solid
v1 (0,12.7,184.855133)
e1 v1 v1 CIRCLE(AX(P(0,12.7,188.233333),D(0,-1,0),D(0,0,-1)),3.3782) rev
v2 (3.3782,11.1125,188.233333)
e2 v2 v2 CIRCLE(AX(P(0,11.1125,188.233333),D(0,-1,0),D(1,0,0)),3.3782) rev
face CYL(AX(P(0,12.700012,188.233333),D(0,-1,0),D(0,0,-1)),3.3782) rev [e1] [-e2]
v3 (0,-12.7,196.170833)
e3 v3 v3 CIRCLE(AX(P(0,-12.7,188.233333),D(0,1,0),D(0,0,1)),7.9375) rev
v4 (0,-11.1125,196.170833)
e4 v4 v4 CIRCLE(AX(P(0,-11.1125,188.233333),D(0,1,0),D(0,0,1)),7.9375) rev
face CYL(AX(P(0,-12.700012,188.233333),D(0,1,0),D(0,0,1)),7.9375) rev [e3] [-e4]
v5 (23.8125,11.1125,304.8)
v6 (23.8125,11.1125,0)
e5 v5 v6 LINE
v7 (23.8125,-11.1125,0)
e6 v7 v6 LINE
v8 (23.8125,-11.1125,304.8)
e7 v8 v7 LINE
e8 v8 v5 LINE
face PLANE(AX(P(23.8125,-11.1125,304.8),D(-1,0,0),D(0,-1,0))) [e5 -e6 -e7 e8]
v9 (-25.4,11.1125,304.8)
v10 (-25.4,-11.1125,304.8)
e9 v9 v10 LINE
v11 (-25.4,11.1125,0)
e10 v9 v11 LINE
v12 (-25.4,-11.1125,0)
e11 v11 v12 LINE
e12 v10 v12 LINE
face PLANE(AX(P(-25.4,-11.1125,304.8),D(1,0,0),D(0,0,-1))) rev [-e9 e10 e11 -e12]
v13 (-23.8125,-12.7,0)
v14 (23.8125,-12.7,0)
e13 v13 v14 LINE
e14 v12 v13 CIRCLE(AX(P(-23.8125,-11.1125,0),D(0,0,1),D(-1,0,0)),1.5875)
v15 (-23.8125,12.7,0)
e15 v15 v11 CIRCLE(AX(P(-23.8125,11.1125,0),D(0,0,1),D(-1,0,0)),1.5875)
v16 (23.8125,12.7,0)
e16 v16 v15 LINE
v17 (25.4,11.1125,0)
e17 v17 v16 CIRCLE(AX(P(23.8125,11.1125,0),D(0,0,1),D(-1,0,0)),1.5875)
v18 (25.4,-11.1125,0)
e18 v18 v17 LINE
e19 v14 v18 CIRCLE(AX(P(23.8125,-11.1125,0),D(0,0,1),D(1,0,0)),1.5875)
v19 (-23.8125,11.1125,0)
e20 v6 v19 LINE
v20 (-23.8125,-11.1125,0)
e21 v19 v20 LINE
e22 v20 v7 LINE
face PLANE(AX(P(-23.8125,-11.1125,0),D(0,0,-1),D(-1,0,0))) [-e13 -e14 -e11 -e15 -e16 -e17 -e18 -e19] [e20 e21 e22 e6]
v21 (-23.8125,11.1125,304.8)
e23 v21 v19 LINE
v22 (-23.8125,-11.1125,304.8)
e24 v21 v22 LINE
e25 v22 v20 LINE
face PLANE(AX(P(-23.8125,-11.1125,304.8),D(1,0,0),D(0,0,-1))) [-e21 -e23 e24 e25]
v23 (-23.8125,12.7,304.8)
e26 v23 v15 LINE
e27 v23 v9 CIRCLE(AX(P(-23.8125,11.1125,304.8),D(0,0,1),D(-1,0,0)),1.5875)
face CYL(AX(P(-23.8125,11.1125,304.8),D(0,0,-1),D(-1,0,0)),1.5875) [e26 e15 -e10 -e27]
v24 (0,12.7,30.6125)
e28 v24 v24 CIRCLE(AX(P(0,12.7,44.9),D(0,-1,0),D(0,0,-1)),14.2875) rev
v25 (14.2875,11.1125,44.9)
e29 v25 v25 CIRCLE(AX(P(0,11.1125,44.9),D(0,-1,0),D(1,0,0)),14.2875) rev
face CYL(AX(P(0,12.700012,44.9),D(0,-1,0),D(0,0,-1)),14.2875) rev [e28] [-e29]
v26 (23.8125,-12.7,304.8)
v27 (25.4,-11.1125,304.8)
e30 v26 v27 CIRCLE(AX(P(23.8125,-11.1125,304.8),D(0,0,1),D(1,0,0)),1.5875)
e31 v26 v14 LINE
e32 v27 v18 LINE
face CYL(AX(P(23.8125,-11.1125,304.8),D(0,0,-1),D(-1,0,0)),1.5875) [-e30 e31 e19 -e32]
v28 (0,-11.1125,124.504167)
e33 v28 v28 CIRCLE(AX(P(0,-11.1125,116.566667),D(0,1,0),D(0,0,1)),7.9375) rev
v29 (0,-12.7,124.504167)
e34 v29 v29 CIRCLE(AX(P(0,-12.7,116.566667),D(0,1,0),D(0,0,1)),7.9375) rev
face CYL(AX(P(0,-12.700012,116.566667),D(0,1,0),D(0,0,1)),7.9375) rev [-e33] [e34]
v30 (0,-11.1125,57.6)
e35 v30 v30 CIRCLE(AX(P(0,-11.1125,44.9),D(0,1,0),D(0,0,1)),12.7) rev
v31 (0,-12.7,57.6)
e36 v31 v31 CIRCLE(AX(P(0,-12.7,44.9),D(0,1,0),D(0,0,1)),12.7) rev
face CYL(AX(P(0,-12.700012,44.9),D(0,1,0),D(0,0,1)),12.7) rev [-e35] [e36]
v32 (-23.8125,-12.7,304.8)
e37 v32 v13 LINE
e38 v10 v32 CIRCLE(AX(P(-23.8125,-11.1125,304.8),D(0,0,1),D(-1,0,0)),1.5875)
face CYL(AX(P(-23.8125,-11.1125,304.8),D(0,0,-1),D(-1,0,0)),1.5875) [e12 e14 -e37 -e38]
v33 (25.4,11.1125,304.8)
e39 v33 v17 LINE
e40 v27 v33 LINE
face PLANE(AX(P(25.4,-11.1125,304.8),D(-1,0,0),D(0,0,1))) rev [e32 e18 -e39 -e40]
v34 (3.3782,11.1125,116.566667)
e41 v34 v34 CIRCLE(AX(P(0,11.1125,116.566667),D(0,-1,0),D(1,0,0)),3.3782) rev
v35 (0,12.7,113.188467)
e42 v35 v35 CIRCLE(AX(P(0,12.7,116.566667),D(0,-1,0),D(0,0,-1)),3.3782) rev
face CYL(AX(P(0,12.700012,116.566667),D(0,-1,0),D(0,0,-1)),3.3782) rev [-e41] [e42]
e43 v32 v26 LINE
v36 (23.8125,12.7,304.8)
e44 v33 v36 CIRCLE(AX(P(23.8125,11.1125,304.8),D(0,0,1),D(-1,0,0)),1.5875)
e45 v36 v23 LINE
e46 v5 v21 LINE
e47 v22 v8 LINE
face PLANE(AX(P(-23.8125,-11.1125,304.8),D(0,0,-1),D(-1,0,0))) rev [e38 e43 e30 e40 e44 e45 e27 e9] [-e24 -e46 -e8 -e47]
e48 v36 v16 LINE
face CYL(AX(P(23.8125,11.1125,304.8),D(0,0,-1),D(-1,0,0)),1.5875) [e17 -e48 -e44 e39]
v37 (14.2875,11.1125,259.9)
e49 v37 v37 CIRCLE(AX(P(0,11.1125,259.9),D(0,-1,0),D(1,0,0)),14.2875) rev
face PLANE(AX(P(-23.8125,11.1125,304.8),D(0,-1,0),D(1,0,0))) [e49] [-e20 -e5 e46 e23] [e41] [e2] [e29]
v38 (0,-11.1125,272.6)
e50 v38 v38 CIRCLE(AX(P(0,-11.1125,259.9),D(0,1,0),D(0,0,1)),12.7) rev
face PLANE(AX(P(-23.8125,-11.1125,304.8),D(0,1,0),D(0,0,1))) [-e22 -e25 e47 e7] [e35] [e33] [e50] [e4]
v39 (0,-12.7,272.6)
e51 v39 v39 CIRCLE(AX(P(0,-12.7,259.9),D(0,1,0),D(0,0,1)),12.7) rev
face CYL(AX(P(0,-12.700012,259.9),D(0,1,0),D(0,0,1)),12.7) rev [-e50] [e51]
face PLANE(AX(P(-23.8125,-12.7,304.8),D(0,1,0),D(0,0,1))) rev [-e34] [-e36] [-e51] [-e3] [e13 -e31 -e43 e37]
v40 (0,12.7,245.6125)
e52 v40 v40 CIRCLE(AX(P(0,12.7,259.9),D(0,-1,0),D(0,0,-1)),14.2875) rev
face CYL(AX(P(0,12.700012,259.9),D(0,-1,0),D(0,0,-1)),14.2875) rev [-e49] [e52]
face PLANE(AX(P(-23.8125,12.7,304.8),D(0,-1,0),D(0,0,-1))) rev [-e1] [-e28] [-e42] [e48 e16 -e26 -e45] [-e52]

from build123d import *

# Parameters (mm, degrees)
SKETCH1_W                      = 47.625
SKETCH1_H                      = 22.225
BOSS_EXTRUDE1_DEPTH            = 304.8
CUT_EXTRUDE1_REACH             = 27.4
SKETCH2_R                      = 14.2875
CUT_EXTRUDE1_DIRECTION_2_DEPTH = 1
CUT_EXTRUDE2_REACH             = 27.4
SKETCH3_R                      = 12.7
CUT_EXTRUDE2_DIRECTION_2_DEPTH = 1
CUT_EXTRUDE3_REACH             = 27.4
SKETCH4_R                      = 3.3782
CUT_EXTRUDE3_DIRECTION_2_DEPTH = 1
CUT_EXTRUDE4_REACH             = 27.4
SKETCH5_R                      = 7.9375
CUT_EXTRUDE4_DIRECTION_2_DEPTH = 1


with BuildPart() as part:
    # Sketch1 → Boss-Extrude1 (new body)
    with BuildSketch(Plane.XY):
        with BuildLine():
            Line((-23.8125, -12.7), (23.8125, -12.7))
            ThreePointArc((23.8125, -12.7), (24.935032015, -12.235032015), (25.4, -11.1125))
            Line((25.4, -11.1125), (25.4, 11.1125))
            ThreePointArc((25.4, 11.1125), (24.935032015, 12.235032015), (23.8125, 12.7))
            Line((23.8125, 12.7), (-23.8125, 12.7))
            ThreePointArc((-23.8125, 12.7), (-24.935032015, 12.235032015), (-25.4, 11.1125))
            Line((-25.4, 11.1125), (-25.4, -11.1125))
            ThreePointArc((-25.4, -11.1125), (-24.935032015, -12.235032015), (-23.8125, -12.7))
        make_face()
        Rectangle(SKETCH1_W, SKETCH1_H, mode=Mode.SUBTRACT)
    extrude(amount=BOSS_EXTRUDE1_DEPTH)

    # Sketch2 → Cut-Extrude1 (cut, up to next)
    with BuildSketch(Plane(origin=(0, 12.7, 0), x_dir=(1, 0, 0), z_dir=(0, 1, 0)), mode=Mode.PRIVATE) as cut_extrude1_sk1:
        with Locations((0, -259.900000011)):
            Circle(SKETCH2_R)
    cut_extrude1_tool1 = extrude(cut_extrude1_sk1.sketch, amount=-CUT_EXTRUDE1_REACH, mode=Mode.PRIVATE) & part.part
    add(cut_extrude1_tool1.solids().sort_by_distance((0, 12.7, 259.9))[0], mode=Mode.SUBTRACT)
    # Sketch2 → Cut-Extrude1 (cut, up to next)
    with BuildSketch(Plane(origin=(0, 12.7, 0), x_dir=(1, 0, 0), z_dir=(0, 1, 0)), mode=Mode.PRIVATE) as cut_extrude1_sk2:
        with Locations((0, -44.899999989)):
            Circle(SKETCH2_R)
    cut_extrude1_tool2 = extrude(cut_extrude1_sk2.sketch, amount=-CUT_EXTRUDE1_REACH, mode=Mode.PRIVATE) & part.part
    add(cut_extrude1_tool2.solids().sort_by_distance((0, 12.7, 44.9))[0], mode=Mode.SUBTRACT)

    # Sketch2 → Cut-Extrude1 direction 2 (cut)
    with BuildSketch(Plane(origin=(0, 12.7, 0), x_dir=(1, 0, 0), z_dir=(0, 1, 0))):
        with Locations((0, -259.900000011)):
            Circle(SKETCH2_R)
        with Locations((0, -44.899999989)):
            Circle(SKETCH2_R)
    extrude(amount=CUT_EXTRUDE1_DIRECTION_2_DEPTH, mode=Mode.SUBTRACT)

    # Sketch3 → Cut-Extrude2 (cut, up to next)
    with BuildSketch(Plane.XZ.offset(12.7), mode=Mode.PRIVATE) as cut_extrude2_sk1:
        with Locations((0, 44.899999989)):
            Circle(SKETCH3_R)
    cut_extrude2_tool1 = extrude(cut_extrude2_sk1.sketch, amount=-CUT_EXTRUDE2_REACH, mode=Mode.PRIVATE) & part.part
    add(cut_extrude2_tool1.solids().sort_by_distance((0, -12.7, 44.9))[0], mode=Mode.SUBTRACT)
    # Sketch3 → Cut-Extrude2 (cut, up to next)
    with BuildSketch(Plane.XZ.offset(12.7), mode=Mode.PRIVATE) as cut_extrude2_sk2:
        with Locations((0, 259.900000011)):
            Circle(SKETCH3_R)
    cut_extrude2_tool2 = extrude(cut_extrude2_sk2.sketch, amount=-CUT_EXTRUDE2_REACH, mode=Mode.PRIVATE) & part.part
    add(cut_extrude2_tool2.solids().sort_by_distance((0, -12.7, 259.9))[0], mode=Mode.SUBTRACT)

    # Sketch3 → Cut-Extrude2 direction 2 (cut)
    with BuildSketch(Plane.XZ.offset(12.7)):
        with Locations((0, 44.899999989)):
            Circle(SKETCH3_R)
        with Locations((0, 259.900000011)):
            Circle(SKETCH3_R)
    extrude(amount=CUT_EXTRUDE2_DIRECTION_2_DEPTH, mode=Mode.SUBTRACT)

    # Sketch4 → Cut-Extrude3 (cut, up to next)
    with BuildSketch(Plane(origin=(0, 12.7, 0), x_dir=(1, 0, 0), z_dir=(0, 1, 0)), mode=Mode.PRIVATE) as cut_extrude3_sk1:
        with Locations((0, -188.233332829)):
            Circle(SKETCH4_R)
    cut_extrude3_tool1 = extrude(cut_extrude3_sk1.sketch, amount=-CUT_EXTRUDE3_REACH, mode=Mode.PRIVATE) & part.part
    add(cut_extrude3_tool1.solids().sort_by_distance((0, 12.7, 188.233333))[0], mode=Mode.SUBTRACT)
    # Sketch4 → Cut-Extrude3 (cut, up to next)
    with BuildSketch(Plane(origin=(0, 12.7, 0), x_dir=(1, 0, 0), z_dir=(0, 1, 0)), mode=Mode.PRIVATE) as cut_extrude3_sk2:
        with Locations((0, -116.566667171)):
            Circle(SKETCH4_R)
    cut_extrude3_tool2 = extrude(cut_extrude3_sk2.sketch, amount=-CUT_EXTRUDE3_REACH, mode=Mode.PRIVATE) & part.part
    add(cut_extrude3_tool2.solids().sort_by_distance((0, 12.7, 116.566667))[0], mode=Mode.SUBTRACT)

    # Sketch4 → Cut-Extrude3 direction 2 (cut)
    with BuildSketch(Plane(origin=(0, 12.7, 0), x_dir=(1, 0, 0), z_dir=(0, 1, 0))):
        with Locations((0, -188.233332829)):
            Circle(SKETCH4_R)
        with Locations((0, -116.566667171)):
            Circle(SKETCH4_R)
    extrude(amount=CUT_EXTRUDE3_DIRECTION_2_DEPTH, mode=Mode.SUBTRACT)

    # Sketch5 → Cut-Extrude4 (cut, up to next)
    with BuildSketch(Plane.XZ.offset(12.7), mode=Mode.PRIVATE) as cut_extrude4_sk1:
        with Locations((0, 116.566667171)):
            Circle(SKETCH5_R)
    cut_extrude4_tool1 = extrude(cut_extrude4_sk1.sketch, amount=-CUT_EXTRUDE4_REACH, mode=Mode.PRIVATE) & part.part
    add(cut_extrude4_tool1.solids().sort_by_distance((0, -12.7, 116.566667))[0], mode=Mode.SUBTRACT)
    # Sketch5 → Cut-Extrude4 (cut, up to next)
    with BuildSketch(Plane.XZ.offset(12.7), mode=Mode.PRIVATE) as cut_extrude4_sk2:
        with Locations((0, 188.233332829)):
            Circle(SKETCH5_R)
    cut_extrude4_tool2 = extrude(cut_extrude4_sk2.sketch, amount=-CUT_EXTRUDE4_REACH, mode=Mode.PRIVATE) & part.part
    add(cut_extrude4_tool2.solids().sort_by_distance((0, -12.7, 188.233333))[0], mode=Mode.SUBTRACT)

    # Sketch5 → Cut-Extrude4 direction 2 (cut)
    with BuildSketch(Plane.XZ.offset(12.7)):
        with Locations((0, 116.566667171)):
            Circle(SKETCH5_R)
        with Locations((0, 188.233332829)):
            Circle(SKETCH5_R)
    extrude(amount=CUT_EXTRUDE4_DIRECTION_2_DEPTH, mode=Mode.SUBTRACT)


solid = part.part
